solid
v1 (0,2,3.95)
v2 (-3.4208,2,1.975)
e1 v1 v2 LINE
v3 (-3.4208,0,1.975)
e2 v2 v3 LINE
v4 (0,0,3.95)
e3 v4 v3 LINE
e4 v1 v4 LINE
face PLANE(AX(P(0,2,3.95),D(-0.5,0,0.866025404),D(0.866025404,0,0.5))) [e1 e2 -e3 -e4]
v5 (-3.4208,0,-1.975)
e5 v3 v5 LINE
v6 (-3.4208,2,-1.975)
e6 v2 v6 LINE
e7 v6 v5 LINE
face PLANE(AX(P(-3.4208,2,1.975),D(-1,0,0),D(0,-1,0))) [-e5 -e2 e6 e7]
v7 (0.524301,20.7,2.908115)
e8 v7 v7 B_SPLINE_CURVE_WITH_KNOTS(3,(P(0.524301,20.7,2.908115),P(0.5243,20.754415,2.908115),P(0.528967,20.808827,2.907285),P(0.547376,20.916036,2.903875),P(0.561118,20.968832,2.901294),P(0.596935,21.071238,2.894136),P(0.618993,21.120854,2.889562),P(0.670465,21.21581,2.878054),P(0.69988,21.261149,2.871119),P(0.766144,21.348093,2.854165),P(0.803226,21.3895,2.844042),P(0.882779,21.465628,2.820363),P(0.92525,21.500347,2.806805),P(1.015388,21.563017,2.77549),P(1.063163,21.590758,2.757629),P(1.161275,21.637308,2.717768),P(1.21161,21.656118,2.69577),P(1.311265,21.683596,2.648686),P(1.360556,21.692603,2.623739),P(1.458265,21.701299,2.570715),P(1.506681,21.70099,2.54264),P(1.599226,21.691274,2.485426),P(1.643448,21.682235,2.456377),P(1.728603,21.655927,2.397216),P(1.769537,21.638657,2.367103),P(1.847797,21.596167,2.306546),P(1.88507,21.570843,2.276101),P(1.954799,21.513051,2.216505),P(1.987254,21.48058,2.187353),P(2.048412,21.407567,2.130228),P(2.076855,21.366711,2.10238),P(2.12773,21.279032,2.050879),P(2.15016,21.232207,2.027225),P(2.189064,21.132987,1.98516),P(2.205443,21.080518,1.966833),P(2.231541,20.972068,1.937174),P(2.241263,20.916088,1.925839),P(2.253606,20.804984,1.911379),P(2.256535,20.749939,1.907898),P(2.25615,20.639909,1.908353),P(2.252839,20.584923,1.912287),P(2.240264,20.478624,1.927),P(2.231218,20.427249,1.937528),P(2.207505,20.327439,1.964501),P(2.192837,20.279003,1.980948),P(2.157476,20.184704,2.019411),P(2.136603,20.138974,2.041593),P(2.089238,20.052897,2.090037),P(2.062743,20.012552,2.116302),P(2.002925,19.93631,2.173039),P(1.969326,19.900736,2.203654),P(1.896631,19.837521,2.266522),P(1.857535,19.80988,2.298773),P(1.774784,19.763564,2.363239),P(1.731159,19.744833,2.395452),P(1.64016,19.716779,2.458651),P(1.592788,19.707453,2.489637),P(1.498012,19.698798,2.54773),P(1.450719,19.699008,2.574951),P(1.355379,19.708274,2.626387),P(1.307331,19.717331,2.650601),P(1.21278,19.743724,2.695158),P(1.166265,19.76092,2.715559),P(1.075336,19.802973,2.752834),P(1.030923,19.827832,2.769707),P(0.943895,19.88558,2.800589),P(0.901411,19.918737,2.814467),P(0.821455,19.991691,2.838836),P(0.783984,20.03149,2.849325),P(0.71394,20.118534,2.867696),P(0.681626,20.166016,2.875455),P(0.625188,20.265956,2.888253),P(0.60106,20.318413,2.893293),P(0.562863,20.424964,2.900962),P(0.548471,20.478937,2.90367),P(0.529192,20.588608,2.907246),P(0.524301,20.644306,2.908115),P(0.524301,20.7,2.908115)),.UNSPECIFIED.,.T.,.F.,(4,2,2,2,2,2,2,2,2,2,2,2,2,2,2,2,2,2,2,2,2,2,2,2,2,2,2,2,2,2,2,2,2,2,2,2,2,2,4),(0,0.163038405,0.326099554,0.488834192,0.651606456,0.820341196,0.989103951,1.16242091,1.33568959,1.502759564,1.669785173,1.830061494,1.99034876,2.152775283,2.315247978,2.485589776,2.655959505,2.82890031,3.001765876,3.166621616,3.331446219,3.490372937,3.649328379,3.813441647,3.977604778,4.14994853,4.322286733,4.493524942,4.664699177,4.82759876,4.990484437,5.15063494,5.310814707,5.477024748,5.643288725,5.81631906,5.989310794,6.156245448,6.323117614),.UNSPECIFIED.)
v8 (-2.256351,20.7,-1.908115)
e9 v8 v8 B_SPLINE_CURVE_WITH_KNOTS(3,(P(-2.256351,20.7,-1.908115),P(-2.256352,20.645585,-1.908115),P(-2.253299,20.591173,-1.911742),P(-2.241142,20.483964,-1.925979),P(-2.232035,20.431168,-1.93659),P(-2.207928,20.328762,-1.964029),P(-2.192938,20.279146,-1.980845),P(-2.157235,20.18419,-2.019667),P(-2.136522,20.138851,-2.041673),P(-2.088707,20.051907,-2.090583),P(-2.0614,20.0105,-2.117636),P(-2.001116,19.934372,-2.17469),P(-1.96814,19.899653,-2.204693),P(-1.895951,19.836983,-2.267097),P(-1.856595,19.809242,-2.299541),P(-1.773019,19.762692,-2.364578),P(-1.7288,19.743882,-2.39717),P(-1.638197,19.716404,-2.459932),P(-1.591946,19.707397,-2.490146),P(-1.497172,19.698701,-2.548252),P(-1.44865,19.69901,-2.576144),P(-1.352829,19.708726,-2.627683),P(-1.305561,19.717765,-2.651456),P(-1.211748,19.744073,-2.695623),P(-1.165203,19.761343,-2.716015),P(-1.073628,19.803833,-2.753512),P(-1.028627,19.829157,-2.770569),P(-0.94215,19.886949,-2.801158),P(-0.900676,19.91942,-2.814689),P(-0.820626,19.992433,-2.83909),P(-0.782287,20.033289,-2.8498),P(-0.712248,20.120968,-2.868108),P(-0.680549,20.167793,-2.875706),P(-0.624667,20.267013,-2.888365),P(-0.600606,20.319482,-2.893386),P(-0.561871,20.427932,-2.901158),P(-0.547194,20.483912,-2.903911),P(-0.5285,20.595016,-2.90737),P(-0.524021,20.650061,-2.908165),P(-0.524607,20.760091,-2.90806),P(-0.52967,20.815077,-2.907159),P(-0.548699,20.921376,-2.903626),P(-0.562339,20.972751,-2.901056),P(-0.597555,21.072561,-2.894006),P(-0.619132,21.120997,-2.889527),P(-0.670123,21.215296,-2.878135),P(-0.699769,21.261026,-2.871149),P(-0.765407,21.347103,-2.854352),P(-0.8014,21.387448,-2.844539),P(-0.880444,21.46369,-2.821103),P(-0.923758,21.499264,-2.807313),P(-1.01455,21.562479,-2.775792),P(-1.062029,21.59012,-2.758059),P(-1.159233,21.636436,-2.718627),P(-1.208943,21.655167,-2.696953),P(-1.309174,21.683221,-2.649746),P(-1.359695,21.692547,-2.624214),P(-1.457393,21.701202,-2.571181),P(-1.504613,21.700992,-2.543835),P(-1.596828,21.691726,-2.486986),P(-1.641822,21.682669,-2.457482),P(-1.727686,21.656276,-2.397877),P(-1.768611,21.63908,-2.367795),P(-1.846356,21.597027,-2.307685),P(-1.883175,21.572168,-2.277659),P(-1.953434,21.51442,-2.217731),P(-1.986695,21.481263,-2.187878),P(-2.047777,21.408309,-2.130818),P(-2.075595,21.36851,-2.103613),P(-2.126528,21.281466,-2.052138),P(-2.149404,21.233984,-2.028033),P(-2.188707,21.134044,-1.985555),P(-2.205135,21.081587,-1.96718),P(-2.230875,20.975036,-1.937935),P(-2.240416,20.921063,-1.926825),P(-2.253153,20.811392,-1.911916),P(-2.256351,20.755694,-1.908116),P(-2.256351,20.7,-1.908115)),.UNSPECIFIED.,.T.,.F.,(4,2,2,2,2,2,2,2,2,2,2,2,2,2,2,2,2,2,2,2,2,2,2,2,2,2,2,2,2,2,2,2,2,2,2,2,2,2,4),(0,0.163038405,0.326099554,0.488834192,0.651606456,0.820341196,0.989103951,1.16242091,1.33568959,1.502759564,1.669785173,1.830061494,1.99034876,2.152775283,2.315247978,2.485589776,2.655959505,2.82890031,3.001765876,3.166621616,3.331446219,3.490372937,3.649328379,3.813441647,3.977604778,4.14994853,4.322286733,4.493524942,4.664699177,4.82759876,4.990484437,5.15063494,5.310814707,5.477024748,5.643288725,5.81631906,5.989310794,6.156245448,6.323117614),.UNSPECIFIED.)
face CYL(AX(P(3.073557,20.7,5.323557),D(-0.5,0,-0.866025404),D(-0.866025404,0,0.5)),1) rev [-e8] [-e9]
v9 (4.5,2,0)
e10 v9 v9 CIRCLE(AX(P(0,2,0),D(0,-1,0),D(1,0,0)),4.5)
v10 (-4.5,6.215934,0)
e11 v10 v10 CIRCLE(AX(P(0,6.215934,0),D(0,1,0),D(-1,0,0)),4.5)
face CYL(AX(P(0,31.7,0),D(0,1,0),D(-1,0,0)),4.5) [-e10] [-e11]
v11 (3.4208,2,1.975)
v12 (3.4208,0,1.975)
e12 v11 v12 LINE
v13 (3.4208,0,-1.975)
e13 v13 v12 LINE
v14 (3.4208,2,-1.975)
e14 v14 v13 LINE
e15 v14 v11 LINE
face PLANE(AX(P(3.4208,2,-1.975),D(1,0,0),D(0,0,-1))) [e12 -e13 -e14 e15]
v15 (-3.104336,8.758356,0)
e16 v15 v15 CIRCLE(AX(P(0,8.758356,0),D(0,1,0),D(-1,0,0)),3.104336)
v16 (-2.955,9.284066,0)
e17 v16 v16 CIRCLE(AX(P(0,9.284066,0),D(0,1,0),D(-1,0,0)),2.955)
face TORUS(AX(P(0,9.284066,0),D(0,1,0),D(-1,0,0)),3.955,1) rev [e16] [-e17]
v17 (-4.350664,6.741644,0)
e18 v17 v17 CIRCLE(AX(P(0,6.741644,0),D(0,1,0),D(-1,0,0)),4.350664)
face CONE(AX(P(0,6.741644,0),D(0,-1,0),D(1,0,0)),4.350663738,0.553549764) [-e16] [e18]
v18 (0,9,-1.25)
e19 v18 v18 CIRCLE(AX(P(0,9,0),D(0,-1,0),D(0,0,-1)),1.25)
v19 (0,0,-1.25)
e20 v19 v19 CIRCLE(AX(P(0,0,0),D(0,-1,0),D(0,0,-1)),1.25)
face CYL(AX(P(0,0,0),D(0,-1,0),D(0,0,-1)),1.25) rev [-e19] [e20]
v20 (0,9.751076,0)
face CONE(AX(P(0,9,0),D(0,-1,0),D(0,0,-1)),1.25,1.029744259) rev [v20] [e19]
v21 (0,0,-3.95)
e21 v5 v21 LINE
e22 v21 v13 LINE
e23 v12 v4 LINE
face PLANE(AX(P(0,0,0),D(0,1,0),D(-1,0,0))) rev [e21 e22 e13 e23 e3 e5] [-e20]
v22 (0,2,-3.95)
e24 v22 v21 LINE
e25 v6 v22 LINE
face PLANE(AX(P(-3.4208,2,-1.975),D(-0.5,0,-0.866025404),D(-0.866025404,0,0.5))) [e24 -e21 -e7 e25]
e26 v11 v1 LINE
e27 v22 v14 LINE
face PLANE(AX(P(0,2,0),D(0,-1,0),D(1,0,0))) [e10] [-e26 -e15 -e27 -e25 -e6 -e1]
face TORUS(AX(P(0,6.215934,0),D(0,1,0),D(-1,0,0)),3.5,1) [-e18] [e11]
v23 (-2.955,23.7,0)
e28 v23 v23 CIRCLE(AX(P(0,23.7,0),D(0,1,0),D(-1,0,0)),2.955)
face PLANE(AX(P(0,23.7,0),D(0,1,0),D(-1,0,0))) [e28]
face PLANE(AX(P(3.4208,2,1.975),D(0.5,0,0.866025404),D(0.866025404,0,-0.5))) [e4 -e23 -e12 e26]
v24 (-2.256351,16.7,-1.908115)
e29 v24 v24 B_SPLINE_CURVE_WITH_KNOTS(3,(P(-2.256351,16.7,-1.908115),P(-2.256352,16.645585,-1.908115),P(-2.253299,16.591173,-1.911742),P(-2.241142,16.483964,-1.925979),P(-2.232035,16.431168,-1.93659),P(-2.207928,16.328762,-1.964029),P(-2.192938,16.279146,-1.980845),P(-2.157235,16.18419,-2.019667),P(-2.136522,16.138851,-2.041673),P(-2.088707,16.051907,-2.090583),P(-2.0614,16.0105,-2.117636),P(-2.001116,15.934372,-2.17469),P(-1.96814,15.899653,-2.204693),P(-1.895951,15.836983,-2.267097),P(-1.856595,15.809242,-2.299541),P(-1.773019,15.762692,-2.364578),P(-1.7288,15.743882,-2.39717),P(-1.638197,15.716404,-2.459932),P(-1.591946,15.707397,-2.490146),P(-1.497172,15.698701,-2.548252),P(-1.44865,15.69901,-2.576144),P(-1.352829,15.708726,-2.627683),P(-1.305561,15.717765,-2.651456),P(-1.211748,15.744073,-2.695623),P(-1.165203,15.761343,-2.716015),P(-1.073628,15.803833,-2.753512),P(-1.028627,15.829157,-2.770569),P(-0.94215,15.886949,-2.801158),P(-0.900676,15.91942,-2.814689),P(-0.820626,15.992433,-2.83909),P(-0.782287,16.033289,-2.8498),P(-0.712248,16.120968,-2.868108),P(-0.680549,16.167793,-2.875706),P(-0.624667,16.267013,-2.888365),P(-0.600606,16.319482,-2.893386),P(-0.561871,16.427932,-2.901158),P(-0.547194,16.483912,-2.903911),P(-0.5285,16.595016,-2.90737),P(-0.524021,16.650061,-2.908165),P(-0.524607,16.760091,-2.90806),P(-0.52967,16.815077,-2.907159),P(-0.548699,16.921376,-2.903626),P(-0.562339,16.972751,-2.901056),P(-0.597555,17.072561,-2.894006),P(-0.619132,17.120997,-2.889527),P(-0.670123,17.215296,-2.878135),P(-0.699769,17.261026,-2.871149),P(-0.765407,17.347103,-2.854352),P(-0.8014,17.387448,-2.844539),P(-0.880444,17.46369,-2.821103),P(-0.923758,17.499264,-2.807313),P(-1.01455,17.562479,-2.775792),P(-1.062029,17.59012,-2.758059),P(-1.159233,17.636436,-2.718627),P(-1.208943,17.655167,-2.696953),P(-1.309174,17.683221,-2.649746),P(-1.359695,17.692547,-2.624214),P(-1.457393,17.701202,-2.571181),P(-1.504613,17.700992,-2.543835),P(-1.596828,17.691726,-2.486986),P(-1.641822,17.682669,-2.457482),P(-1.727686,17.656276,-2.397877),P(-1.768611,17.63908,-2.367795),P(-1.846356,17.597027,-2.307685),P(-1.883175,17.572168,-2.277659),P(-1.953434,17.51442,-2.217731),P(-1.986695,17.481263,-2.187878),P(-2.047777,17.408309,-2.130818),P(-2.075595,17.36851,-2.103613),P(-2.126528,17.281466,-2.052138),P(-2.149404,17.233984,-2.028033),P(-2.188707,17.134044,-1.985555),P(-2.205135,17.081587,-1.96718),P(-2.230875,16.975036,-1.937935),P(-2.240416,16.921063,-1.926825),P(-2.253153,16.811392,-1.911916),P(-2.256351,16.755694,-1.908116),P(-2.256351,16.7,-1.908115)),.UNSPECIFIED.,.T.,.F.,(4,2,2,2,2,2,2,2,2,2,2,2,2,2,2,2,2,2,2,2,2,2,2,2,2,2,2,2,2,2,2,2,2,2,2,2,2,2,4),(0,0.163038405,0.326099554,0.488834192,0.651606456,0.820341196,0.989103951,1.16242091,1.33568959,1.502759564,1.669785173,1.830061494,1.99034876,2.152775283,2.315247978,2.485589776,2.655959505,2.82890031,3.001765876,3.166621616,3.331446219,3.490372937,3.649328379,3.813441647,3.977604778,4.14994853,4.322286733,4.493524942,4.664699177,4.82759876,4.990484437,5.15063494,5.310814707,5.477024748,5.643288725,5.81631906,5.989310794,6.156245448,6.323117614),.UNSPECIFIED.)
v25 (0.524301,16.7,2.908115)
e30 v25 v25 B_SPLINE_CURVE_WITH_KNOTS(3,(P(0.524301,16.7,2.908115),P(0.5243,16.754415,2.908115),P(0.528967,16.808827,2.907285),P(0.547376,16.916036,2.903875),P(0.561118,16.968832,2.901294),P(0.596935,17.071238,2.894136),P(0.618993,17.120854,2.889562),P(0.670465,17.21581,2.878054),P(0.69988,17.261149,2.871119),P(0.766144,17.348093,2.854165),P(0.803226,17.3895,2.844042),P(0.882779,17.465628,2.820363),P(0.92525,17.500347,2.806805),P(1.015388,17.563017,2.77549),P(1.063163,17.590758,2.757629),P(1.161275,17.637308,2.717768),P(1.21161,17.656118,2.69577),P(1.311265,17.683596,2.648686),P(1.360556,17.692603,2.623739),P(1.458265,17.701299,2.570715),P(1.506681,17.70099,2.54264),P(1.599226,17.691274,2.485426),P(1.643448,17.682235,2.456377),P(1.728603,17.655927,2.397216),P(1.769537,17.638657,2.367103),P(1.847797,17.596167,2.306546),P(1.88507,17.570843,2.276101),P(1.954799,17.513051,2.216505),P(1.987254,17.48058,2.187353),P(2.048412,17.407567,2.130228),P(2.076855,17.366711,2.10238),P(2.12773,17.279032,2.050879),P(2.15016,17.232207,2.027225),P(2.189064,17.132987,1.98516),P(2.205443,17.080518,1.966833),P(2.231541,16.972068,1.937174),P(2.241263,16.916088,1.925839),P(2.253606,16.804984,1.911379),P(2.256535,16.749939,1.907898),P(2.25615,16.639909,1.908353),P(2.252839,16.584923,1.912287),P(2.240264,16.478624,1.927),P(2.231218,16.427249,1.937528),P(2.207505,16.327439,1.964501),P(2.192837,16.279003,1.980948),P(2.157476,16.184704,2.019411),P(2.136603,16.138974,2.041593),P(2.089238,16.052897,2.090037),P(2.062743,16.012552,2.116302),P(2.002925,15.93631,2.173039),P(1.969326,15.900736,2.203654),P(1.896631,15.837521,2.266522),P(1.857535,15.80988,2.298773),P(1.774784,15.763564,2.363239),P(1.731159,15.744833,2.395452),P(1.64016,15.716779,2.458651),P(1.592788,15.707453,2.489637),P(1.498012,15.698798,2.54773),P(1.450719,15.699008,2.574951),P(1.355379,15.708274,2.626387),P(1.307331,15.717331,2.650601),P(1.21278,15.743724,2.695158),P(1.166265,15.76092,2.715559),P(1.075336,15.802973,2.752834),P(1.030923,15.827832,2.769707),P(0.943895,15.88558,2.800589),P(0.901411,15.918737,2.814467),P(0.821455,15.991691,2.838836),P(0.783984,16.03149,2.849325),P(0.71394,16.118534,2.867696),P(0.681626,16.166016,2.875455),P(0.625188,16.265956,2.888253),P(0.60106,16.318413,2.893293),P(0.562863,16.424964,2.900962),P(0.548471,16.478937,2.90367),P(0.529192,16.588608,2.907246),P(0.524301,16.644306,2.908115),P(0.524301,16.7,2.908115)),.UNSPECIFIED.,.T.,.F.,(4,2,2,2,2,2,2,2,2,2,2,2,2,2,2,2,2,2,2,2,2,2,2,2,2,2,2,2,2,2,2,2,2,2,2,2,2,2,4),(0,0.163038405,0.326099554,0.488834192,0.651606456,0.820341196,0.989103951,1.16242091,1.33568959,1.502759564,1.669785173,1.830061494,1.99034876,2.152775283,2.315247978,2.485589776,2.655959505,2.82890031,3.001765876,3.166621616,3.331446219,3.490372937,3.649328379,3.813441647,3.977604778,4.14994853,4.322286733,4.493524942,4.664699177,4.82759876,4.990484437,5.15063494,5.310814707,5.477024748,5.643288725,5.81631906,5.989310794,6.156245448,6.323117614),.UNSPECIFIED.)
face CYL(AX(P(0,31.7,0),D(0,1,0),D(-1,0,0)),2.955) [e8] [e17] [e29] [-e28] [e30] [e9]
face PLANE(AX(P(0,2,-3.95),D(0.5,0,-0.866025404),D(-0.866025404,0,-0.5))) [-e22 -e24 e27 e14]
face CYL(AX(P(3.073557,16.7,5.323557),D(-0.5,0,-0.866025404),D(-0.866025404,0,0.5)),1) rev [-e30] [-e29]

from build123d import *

# Parameters (mm, degrees)
TAGLIO_ESTRUSIONE1_START      = -2
SCHIZZO2_R                    = 4.5
TAGLIO_ESTRUSIONE1_DEPTH      = 2
FORO_FILETTATO_M3X0_5_1_D     = 2.5
FORO_FILETTATO_M3X0_5_1_DEPTH = 9
FORO_FILETTATO_M3X0_5_1_TIP   = 0.751075774
SCHIZZO5_R                    = 1
TAGLIO_ESTRUSIONE2_DEPTH      = 34.021984674


with BuildPart() as part:
    # Schizzo1 → Rivoluzione1 (revolve)
    with BuildSketch(Plane.XY, mode=Mode.PRIVATE) as rivoluzione1_sk:
        with BuildLine():
            Line((0, 0), (4.5, 0))
            Line((4.5, 0), (4.5, 6.215934246))
            ThreePointArc((4.5, 6.215934246), (4.461941718, 6.489188945), (4.350663738, 6.741644436))
            Line((4.350663738, 6.741644436), (3.104336262, 8.758355564))
            ThreePointArc((3.104336262, 8.758355564), (2.993058282, 9.010811055), (2.955, 9.284065754))
            Line((2.955, 9.284065754), (2.955, 31.7))
            Line((2.955, 31.7), (0, 31.7))
            Line((0, 31.7), (0, 0))
        make_face()
    revolve(rivoluzione1_sk.sketch.rotate(Axis((0, 31.7, 0), (0, -1, 0)), 180), axis=Axis((0, 31.7, 0), (0, -1, 0)))

    # Schizzo2 → Taglio-Estrusione1 (cut)
    with BuildSketch(Plane.XZ.offset(TAGLIO_ESTRUSIONE1_START)):
        with Locations(Location((0, 0, 0), (0, 0, 180))):
            Circle(SCHIZZO2_R)
        Polygon((0, 3.95), (-3.420800345, 1.975), (-3.420800345, -1.975), (0, -3.95), (3.420800345, -1.975), (3.420800345, 1.975), align=None, mode=Mode.SUBTRACT)
    extrude(amount=TAGLIO_ESTRUSIONE1_DEPTH, mode=Mode.SUBTRACT)

    # Foro filettato M3x0.5-1
    with Locations(Plane(origin=(0, 0, 0), x_dir=(-1, 0, 0), z_dir=(0, -1, 0))):
        with Locations((0, 0)):
            Hole(FORO_FILETTATO_M3X0_5_1_D / 2, depth=FORO_FILETTATO_M3X0_5_1_DEPTH)
            with Locations((0, 0, -(FORO_FILETTATO_M3X0_5_1_DEPTH + FORO_FILETTATO_M3X0_5_1_TIP / 2))):  # 118° drill point
                Cone(0, FORO_FILETTATO_M3X0_5_1_D / 2, FORO_FILETTATO_M3X0_5_1_TIP, mode=Mode.SUBTRACT)

    # Schizzo5 → Taglio-Estrusione2 (cut, through all)
    with BuildSketch(Plane(origin=(-1.4775, 0, -2.559105068), x_dir=(-0.8660254037844385, 0, 0.5000000000000004), z_dir=(-0.5000000000000003, 0, -0.8660254037844384))):
        with Locations((0, 16.7)):
            Circle(SCHIZZO5_R)
        with Locations((0, 20.7)):
            Circle(SCHIZZO5_R)
        with Locations((0, 24.7)):
            Circle(SCHIZZO5_R)
        with Locations((0, 28.7)):
            Circle(SCHIZZO5_R)
    extrude(amount=-TAGLIO_ESTRUSIONE2_DEPTH, mode=Mode.SUBTRACT)

    # TaglioSuperficie1
    split(bisect_by=Plane(origin=(0, 23.7, 0), x_dir=(1, 0, 0), z_dir=(0, 1, 0)), keep=Keep.BOTTOM)


solid = part.part
